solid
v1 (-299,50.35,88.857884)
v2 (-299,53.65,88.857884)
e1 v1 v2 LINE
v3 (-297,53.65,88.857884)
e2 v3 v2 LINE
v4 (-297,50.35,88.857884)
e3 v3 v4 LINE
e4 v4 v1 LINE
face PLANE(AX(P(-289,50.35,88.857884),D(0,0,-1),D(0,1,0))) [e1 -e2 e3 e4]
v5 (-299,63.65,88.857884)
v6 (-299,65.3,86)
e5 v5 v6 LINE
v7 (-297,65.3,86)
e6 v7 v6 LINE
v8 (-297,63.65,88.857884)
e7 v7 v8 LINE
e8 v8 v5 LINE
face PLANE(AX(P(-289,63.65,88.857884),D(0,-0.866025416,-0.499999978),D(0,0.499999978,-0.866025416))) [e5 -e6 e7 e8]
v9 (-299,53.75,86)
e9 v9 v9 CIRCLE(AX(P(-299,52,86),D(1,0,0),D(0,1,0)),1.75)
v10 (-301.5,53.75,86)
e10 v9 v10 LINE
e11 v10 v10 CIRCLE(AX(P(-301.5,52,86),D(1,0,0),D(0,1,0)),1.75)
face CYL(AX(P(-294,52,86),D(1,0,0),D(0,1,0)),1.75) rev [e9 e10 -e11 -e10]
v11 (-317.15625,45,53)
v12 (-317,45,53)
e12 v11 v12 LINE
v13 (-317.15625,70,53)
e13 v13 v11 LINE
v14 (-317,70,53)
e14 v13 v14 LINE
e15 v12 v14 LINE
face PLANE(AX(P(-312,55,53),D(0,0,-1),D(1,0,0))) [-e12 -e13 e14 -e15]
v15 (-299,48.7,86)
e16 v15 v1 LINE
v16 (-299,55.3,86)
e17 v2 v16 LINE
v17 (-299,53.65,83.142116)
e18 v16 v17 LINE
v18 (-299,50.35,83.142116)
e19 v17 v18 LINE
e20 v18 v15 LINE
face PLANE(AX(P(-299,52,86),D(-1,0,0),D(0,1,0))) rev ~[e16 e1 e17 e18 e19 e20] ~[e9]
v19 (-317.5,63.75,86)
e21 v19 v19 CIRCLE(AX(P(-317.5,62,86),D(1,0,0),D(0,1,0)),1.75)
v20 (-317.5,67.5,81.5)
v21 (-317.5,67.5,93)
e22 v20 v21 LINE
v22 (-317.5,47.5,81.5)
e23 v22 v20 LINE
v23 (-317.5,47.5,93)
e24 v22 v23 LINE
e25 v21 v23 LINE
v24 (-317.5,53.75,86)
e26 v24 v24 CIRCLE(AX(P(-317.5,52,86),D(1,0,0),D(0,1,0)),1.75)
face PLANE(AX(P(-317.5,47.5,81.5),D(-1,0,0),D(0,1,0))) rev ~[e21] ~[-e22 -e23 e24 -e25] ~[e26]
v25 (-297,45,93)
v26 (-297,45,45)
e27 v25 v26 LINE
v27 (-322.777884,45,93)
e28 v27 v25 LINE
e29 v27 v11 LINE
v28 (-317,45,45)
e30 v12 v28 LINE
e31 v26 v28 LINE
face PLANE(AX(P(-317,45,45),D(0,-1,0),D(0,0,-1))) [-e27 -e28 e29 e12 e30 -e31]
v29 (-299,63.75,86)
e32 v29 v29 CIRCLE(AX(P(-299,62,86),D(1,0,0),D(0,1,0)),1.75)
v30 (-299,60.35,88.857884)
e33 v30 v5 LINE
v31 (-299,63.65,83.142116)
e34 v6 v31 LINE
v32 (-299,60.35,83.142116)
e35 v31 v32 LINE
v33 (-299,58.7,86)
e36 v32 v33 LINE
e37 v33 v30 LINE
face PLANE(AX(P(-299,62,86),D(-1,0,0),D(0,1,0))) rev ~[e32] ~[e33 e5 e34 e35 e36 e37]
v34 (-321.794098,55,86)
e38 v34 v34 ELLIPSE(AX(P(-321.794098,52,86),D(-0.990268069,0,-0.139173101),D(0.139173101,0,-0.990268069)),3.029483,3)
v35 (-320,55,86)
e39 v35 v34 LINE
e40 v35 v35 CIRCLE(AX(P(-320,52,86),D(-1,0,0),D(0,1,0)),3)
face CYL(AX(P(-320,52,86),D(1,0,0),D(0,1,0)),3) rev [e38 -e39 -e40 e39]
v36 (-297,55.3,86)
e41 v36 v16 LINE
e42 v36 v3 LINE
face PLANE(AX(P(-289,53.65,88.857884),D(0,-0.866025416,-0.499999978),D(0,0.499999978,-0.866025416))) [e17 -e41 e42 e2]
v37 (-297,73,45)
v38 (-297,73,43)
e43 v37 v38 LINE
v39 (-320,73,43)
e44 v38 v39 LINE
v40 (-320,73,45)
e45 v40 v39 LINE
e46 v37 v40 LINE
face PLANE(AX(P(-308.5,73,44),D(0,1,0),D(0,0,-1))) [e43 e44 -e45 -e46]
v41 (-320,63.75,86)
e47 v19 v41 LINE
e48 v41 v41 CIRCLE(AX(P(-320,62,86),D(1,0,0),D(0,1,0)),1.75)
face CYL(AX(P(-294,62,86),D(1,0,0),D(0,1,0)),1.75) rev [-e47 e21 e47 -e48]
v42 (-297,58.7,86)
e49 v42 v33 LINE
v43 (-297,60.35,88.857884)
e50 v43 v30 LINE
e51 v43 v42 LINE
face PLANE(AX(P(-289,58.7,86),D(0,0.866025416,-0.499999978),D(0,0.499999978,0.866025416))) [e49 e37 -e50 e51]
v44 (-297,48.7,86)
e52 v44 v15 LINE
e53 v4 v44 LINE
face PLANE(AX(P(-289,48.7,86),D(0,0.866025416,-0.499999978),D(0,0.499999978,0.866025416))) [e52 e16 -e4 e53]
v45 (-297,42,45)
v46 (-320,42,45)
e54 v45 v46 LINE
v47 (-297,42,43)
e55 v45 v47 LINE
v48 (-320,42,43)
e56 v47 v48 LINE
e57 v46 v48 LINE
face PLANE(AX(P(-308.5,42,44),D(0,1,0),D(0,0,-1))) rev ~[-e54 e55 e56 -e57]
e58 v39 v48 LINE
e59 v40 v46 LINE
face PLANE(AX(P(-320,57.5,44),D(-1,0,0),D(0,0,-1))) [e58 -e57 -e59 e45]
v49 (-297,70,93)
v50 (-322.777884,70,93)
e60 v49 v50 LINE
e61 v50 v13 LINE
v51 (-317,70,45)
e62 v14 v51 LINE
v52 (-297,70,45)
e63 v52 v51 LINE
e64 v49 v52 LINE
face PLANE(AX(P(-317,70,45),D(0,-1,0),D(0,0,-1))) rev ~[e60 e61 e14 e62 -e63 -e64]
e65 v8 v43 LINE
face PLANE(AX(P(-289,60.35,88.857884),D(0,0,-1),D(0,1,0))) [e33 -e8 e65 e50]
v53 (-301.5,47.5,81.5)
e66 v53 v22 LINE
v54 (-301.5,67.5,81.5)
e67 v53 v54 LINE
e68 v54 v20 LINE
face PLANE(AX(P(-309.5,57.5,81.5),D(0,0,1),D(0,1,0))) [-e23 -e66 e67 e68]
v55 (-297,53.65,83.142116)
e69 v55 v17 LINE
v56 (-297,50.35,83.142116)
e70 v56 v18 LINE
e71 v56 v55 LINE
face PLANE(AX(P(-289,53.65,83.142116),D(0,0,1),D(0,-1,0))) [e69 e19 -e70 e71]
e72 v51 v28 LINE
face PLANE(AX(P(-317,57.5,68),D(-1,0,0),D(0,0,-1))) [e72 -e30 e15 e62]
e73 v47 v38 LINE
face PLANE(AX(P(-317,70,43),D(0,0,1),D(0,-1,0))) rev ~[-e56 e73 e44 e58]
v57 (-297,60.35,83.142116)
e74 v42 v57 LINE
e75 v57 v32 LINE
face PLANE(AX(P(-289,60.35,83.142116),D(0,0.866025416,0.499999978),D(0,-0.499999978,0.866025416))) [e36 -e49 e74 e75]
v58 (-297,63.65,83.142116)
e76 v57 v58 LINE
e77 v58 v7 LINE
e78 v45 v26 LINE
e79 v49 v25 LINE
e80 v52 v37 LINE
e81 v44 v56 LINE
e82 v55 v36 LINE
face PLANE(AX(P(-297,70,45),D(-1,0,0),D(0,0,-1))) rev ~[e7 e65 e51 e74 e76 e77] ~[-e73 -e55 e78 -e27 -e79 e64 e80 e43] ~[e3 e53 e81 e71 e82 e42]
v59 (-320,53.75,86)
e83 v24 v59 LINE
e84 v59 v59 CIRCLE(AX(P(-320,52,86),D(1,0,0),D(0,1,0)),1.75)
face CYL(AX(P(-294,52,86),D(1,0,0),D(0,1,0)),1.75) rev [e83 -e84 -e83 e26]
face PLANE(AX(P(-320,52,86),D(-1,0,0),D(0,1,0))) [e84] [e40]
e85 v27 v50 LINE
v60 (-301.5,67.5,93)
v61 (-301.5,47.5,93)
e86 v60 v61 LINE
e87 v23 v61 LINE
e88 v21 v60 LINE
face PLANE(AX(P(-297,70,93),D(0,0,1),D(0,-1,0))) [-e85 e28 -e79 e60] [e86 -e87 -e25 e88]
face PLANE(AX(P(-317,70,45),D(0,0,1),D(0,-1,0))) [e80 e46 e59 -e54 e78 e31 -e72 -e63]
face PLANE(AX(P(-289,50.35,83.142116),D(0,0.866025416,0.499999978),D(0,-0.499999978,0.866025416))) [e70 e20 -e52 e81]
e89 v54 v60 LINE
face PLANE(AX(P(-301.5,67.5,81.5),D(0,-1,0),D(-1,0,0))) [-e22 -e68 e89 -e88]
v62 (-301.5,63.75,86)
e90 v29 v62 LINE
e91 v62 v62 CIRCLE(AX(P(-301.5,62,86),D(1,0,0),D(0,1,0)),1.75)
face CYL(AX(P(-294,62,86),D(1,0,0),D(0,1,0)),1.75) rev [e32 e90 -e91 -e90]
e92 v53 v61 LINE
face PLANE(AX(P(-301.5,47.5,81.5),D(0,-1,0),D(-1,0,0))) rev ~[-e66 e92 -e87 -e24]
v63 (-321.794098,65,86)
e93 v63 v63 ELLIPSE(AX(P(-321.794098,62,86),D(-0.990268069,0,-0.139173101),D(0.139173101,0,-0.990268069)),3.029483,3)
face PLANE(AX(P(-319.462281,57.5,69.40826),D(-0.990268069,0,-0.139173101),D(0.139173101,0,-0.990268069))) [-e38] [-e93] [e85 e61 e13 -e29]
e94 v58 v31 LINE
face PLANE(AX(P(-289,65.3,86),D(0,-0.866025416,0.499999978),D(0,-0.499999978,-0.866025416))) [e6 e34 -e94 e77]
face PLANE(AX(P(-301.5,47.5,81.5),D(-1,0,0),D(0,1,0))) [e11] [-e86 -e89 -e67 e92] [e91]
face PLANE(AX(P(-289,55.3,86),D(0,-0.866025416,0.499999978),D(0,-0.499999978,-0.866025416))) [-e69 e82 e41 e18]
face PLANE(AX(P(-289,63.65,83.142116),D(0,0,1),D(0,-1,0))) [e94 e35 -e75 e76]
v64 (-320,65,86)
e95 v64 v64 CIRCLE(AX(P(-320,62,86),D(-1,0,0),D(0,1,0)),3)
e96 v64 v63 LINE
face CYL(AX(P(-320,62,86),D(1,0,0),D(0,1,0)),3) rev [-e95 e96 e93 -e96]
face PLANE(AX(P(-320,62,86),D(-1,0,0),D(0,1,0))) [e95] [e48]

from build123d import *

# Parameters (mm, degrees)
PRISM008_DEPTH            = 10
PRISM008_ROLL_ANGLE       = -90
CYLINDER111_R             = 3
CYLINDER111_DEPTH         = 32
CYLINDER111_ROLL_ANGLE    = -90
CYLINDER112_R             = 3
CYLINDER112_DEPTH         = 32
CYLINDER112_ROLL_ANGLE    = -90
BOX117_W                  = 20
BOX117_H                  = 16
BOX117_DEPTH              = 28
CYLINDER113_R             = 1.75
CYLINDER113_DEPTH         = 32
CYLINDER113_ROLL_ANGLE    = -90
CYLINDER114_R             = 1.75
CYLINDER114_DEPTH         = 32
CYLINDER114_ROLL_ANGLE    = -90
PRISM007_DEPTH            = 10
PRISM007_ROLL_ANGLE       = -90
FUSION079_ROLL_ANGLE      = 90
FUSION079_PLACEMENT_ANGLE = 180
BOX115_W                  = 2
BOX115_H                  = 23
BOX115_DEPTH              = 3
BOX110_W                  = 50
BOX110_H                  = 25
BOX110_DEPTH              = 20
BOX114_W                  = 2
BOX114_H                  = 25
BOX114_DEPTH              = 3
BOX113_W                  = 10
BOX113_H                  = 25
BOX113_DEPTH              = 10
BOX112_W                  = 30
BOX112_H                  = 30
BOX112_DEPTH              = 30
BOX112_PITCH_ANGLE        = 90
BOX111_W                  = 50
BOX111_H                  = 25
BOX111_DEPTH              = 6
BOX111_PITCH_ANGLE        = 8
FUSION077_PLACEMENT_ANGLE = -90
BOX116_W                  = 2
BOX116_H                  = 23
BOX116_DEPTH              = 3
CUT138_ROLL_ANGLE         = 90
CUT138_PLACEMENT_ANGLE    = -90


with BuildPart() as prisma008:
    # Prism008 → Prism008 (new body)
    with BuildSketch(Plane.XY):
        Polygon((3.3, 0), (1.65, 2.857884), (-1.65, 2.857884), (-3.3, 0), (-1.65, -2.857884), (1.65, -2.857884), align=None)
    extrude(amount=PRISM008_DEPTH)


with BuildPart() as prisma008_1:
    # Prism008 roll: moved
    add(prisma008.part.rotate(Axis((0, 0, 0), (1, 0, 0)), PRISM008_ROLL_ANGLE))


with BuildPart() as prisma008_2:
    # Prism008 placement: moved
    add(prisma008_1.part.moved(Location((8, 85, 84))))


with BuildPart() as cilindro038:
    # Cylinder111 → Cylinder111 (new body)
    with BuildSketch(Plane.XY):
        Circle(CYLINDER111_R)
    extrude(amount=CYLINDER111_DEPTH)


with BuildPart() as cilindro038_1:
    # Cylinder111 roll: moved
    add(cilindro038.part.rotate(Axis((0, 0, 0), (1, 0, 0)), CYLINDER111_ROLL_ANGLE))


with BuildPart() as cilindro038_2:
    # Cylinder111 placement: moved
    add(cilindro038_1.part.moved(Location((18, 116, 84))))


with BuildPart() as cilindro039:
    # Cylinder112 → Cylinder112 (new body)
    with BuildSketch(Plane.XY):
        Circle(CYLINDER112_R)
    extrude(amount=CYLINDER112_DEPTH)


with BuildPart() as cilindro039_1:
    # Cylinder112 roll: moved
    add(cilindro039.part.rotate(Axis((0, 0, 0), (1, 0, 0)), CYLINDER112_ROLL_ANGLE))


with BuildPart() as cilindro039_2:
    # Cylinder112 placement: moved
    add(cilindro039_1.part.moved(Location((8, 116, 84))))


with BuildPart() as cubo055:
    # Box117 → Box117 (new body)
    with BuildSketch(Plane(origin=(3.5, 97.5, 79.5), x_dir=(1, 0, 0), z_dir=(0, 0, 1))):
        with Locations((10, 8)):
            Rectangle(BOX117_W, BOX117_H)
    extrude(amount=BOX117_DEPTH)


with BuildPart() as cilindro040:
    # Cylinder113 → Cylinder113 (new body)
    with BuildSketch(Plane.XY):
        Circle(CYLINDER113_R)
    extrude(amount=CYLINDER113_DEPTH)


with BuildPart() as cilindro040_1:
    # Cylinder113 roll: moved
    add(cilindro040.part.rotate(Axis((0, 0, 0), (1, 0, 0)), CYLINDER113_ROLL_ANGLE))


with BuildPart() as cilindro040_2:
    # Cylinder113 placement: moved
    add(cilindro040_1.part.moved(Location((18, 90, 84))))


with BuildPart() as cilindro041:
    # Cylinder114 → Cylinder114 (new body)
    with BuildSketch(Plane.XY):
        Circle(CYLINDER114_R)
    extrude(amount=CYLINDER114_DEPTH)


with BuildPart() as cilindro041_1:
    # Cylinder114 roll: moved
    add(cilindro041.part.rotate(Axis((0, 0, 0), (1, 0, 0)), CYLINDER114_ROLL_ANGLE))


with BuildPart() as cilindro041_2:
    # Cylinder114 placement: moved
    add(cilindro041_1.part.moved(Location((8, 90, 84))))


with BuildPart() as arm_positive_cut003:
    # Prism007 → Prism007 (new body)
    with BuildSketch(Plane.XY):
        Polygon((3.3, 0), (1.65, 2.857884), (-1.65, 2.857884), (-3.3, 0), (-1.65, -2.857884), (1.65, -2.857884), align=None)
    extrude(amount=PRISM007_DEPTH)


with BuildPart() as arm_positive_cut003_1:
    # Prism007 roll: moved
    add(arm_positive_cut003.part.rotate(Axis((0, 0, 0), (1, 0, 0)), PRISM007_ROLL_ANGLE))


with BuildPart() as arm_positive_cut003_2:
    # Prism007 placement: moved
    add(arm_positive_cut003_1.part.moved(Location((18, 85, 84))))

    # Fusion079: union Prisma008, Cilindro038, Cilindro039, Cubo055, Cilindro040, Cilindro041
    add(prisma008_2.part)
    add(cilindro038_2.part)
    add(cilindro039_2.part)
    add(cubo055.part)
    add(cilindro040_2.part)
    add(cilindro041_2.part)


with BuildPart() as arm_positive_cut003_3:
    # Fusion079 roll: moved
    add(arm_positive_cut003_2.part.rotate(Axis((0, 0, 0), (1, 0, 0)), FUSION079_ROLL_ANGLE))


with BuildPart() as arm_positive_cut003_4:
    # Fusion079 placement: moved
    add(arm_positive_cut003_3.part.moved(Location((26, -91, -93))).rotate(Axis((26, -91, -93), (0, 0, 1)), FUSION079_PLACEMENT_ANGLE))


with BuildPart() as cubo053:
    # Box115 → Box115 (new body)
    with BuildSketch(Plane(origin=(0, -48, 0), x_dir=(0, -1, 0), z_dir=(-1, 0, 0))):
        with Locations((1, 11.5)):
            Rectangle(BOX115_W, BOX115_H)
    extrude(amount=BOX115_DEPTH)


with BuildPart() as cubo048:
    # Box110 → Box110 (new body)
    with BuildSketch(Plane.XY):
        with Locations((25, 12.5)):
            Rectangle(BOX110_W, BOX110_H)
    extrude(amount=BOX110_DEPTH)


with BuildPart() as cubo052:
    # Box114 → Box114 (new body)
    with BuildSketch(Plane(origin=(48, 0, 20), x_dir=(1, 0, 0), z_dir=(0, 0, 1))):
        with Locations((1, 12.5)):
            Rectangle(BOX114_W, BOX114_H)
    extrude(amount=BOX114_DEPTH)


with BuildPart() as cubo051:
    # Box113 → Box113 (new body)
    with BuildSketch(Plane(origin=(-10, 0, 16), x_dir=(1, 0, 0), z_dir=(0, 0, 1))):
        with Locations((5, 12.5)):
            Rectangle(BOX113_W, BOX113_H)
    extrude(amount=BOX113_DEPTH)


with BuildPart() as cubo050:
    # Box112 → Box112 (new body)
    with BuildSketch(Plane.XY):
        with Locations((15, 15)):
            Rectangle(BOX112_W, BOX112_H)
    extrude(amount=BOX112_DEPTH)


with BuildPart() as cubo050_1:
    # Box112 pitch: moved
    add(cubo050.part.rotate(Axis((0, 0, 0), (0, 1, 0)), BOX112_PITCH_ANGLE))


with BuildPart() as cubo050_2:
    # Box112 placement: moved
    add(cubo050_1.part.moved(Location((40, 0, 30))))


with BuildPart() as brazo002:
    # Box111 → Box111 (new body)
    with BuildSketch(Plane.XY):
        with Locations((25, 12.5)):
            Rectangle(BOX111_W, BOX111_H)
    extrude(amount=BOX111_DEPTH)


with BuildPart() as brazo002_1:
    # Box111 pitch: moved
    add(brazo002.part.rotate(Axis((0, 0, 0), (0, 1, 0)), BOX111_PITCH_ANGLE))


with BuildPart() as brazo002_2:
    # Box111 placement: moved
    add(brazo002_1.part.moved(Location((-2, 0, 20))))

    # Cut136: cut Cubo050
    add(cubo050_2.part, mode=Mode.SUBTRACT)

    # Cut137: cut Cubo051
    add(cubo051.part, mode=Mode.SUBTRACT)

    # Fusion077: union Cubo048, Cubo052
    add(cubo048.part)
    add(cubo052.part)


with BuildPart() as brazo002_3:
    # Fusion077 placement: moved
    add(brazo002_2.part.rotate(Axis((0, 0, 0), (0, 0, 1)), FUSION077_PLACEMENT_ANGLE))


with BuildPart() as cut138:
    # Box116 → Box116 (new body)
    with BuildSketch(Plane(origin=(28, -48, 0), x_dir=(0, -1, 0), z_dir=(-1, 0, 0))):
        with Locations((1, 11.5)):
            Rectangle(BOX116_W, BOX116_H)
    extrude(amount=BOX116_DEPTH)

    # Fusion078: union Cubo053, brazo002
    add(cubo053.part)
    add(brazo002_3.part)

    # Cut138: cut arm-positive-cut003
    add(arm_positive_cut003_4.part, mode=Mode.SUBTRACT)


with BuildPart() as cut138_1:
    # Cut138 roll: moved
    add(cut138.part.rotate(Axis((0, 0, 0), (1, 0, 0)), CUT138_ROLL_ANGLE))


with BuildPart() as cut138_2:
    # Cut138 placement: moved
    add(cut138_1.part.moved(Location((-297, 70, 93))).rotate(Axis((-297, 70, 93), (0, 0, 1)), CUT138_PLACEMENT_ANGLE))


solid = cut138_2.part
